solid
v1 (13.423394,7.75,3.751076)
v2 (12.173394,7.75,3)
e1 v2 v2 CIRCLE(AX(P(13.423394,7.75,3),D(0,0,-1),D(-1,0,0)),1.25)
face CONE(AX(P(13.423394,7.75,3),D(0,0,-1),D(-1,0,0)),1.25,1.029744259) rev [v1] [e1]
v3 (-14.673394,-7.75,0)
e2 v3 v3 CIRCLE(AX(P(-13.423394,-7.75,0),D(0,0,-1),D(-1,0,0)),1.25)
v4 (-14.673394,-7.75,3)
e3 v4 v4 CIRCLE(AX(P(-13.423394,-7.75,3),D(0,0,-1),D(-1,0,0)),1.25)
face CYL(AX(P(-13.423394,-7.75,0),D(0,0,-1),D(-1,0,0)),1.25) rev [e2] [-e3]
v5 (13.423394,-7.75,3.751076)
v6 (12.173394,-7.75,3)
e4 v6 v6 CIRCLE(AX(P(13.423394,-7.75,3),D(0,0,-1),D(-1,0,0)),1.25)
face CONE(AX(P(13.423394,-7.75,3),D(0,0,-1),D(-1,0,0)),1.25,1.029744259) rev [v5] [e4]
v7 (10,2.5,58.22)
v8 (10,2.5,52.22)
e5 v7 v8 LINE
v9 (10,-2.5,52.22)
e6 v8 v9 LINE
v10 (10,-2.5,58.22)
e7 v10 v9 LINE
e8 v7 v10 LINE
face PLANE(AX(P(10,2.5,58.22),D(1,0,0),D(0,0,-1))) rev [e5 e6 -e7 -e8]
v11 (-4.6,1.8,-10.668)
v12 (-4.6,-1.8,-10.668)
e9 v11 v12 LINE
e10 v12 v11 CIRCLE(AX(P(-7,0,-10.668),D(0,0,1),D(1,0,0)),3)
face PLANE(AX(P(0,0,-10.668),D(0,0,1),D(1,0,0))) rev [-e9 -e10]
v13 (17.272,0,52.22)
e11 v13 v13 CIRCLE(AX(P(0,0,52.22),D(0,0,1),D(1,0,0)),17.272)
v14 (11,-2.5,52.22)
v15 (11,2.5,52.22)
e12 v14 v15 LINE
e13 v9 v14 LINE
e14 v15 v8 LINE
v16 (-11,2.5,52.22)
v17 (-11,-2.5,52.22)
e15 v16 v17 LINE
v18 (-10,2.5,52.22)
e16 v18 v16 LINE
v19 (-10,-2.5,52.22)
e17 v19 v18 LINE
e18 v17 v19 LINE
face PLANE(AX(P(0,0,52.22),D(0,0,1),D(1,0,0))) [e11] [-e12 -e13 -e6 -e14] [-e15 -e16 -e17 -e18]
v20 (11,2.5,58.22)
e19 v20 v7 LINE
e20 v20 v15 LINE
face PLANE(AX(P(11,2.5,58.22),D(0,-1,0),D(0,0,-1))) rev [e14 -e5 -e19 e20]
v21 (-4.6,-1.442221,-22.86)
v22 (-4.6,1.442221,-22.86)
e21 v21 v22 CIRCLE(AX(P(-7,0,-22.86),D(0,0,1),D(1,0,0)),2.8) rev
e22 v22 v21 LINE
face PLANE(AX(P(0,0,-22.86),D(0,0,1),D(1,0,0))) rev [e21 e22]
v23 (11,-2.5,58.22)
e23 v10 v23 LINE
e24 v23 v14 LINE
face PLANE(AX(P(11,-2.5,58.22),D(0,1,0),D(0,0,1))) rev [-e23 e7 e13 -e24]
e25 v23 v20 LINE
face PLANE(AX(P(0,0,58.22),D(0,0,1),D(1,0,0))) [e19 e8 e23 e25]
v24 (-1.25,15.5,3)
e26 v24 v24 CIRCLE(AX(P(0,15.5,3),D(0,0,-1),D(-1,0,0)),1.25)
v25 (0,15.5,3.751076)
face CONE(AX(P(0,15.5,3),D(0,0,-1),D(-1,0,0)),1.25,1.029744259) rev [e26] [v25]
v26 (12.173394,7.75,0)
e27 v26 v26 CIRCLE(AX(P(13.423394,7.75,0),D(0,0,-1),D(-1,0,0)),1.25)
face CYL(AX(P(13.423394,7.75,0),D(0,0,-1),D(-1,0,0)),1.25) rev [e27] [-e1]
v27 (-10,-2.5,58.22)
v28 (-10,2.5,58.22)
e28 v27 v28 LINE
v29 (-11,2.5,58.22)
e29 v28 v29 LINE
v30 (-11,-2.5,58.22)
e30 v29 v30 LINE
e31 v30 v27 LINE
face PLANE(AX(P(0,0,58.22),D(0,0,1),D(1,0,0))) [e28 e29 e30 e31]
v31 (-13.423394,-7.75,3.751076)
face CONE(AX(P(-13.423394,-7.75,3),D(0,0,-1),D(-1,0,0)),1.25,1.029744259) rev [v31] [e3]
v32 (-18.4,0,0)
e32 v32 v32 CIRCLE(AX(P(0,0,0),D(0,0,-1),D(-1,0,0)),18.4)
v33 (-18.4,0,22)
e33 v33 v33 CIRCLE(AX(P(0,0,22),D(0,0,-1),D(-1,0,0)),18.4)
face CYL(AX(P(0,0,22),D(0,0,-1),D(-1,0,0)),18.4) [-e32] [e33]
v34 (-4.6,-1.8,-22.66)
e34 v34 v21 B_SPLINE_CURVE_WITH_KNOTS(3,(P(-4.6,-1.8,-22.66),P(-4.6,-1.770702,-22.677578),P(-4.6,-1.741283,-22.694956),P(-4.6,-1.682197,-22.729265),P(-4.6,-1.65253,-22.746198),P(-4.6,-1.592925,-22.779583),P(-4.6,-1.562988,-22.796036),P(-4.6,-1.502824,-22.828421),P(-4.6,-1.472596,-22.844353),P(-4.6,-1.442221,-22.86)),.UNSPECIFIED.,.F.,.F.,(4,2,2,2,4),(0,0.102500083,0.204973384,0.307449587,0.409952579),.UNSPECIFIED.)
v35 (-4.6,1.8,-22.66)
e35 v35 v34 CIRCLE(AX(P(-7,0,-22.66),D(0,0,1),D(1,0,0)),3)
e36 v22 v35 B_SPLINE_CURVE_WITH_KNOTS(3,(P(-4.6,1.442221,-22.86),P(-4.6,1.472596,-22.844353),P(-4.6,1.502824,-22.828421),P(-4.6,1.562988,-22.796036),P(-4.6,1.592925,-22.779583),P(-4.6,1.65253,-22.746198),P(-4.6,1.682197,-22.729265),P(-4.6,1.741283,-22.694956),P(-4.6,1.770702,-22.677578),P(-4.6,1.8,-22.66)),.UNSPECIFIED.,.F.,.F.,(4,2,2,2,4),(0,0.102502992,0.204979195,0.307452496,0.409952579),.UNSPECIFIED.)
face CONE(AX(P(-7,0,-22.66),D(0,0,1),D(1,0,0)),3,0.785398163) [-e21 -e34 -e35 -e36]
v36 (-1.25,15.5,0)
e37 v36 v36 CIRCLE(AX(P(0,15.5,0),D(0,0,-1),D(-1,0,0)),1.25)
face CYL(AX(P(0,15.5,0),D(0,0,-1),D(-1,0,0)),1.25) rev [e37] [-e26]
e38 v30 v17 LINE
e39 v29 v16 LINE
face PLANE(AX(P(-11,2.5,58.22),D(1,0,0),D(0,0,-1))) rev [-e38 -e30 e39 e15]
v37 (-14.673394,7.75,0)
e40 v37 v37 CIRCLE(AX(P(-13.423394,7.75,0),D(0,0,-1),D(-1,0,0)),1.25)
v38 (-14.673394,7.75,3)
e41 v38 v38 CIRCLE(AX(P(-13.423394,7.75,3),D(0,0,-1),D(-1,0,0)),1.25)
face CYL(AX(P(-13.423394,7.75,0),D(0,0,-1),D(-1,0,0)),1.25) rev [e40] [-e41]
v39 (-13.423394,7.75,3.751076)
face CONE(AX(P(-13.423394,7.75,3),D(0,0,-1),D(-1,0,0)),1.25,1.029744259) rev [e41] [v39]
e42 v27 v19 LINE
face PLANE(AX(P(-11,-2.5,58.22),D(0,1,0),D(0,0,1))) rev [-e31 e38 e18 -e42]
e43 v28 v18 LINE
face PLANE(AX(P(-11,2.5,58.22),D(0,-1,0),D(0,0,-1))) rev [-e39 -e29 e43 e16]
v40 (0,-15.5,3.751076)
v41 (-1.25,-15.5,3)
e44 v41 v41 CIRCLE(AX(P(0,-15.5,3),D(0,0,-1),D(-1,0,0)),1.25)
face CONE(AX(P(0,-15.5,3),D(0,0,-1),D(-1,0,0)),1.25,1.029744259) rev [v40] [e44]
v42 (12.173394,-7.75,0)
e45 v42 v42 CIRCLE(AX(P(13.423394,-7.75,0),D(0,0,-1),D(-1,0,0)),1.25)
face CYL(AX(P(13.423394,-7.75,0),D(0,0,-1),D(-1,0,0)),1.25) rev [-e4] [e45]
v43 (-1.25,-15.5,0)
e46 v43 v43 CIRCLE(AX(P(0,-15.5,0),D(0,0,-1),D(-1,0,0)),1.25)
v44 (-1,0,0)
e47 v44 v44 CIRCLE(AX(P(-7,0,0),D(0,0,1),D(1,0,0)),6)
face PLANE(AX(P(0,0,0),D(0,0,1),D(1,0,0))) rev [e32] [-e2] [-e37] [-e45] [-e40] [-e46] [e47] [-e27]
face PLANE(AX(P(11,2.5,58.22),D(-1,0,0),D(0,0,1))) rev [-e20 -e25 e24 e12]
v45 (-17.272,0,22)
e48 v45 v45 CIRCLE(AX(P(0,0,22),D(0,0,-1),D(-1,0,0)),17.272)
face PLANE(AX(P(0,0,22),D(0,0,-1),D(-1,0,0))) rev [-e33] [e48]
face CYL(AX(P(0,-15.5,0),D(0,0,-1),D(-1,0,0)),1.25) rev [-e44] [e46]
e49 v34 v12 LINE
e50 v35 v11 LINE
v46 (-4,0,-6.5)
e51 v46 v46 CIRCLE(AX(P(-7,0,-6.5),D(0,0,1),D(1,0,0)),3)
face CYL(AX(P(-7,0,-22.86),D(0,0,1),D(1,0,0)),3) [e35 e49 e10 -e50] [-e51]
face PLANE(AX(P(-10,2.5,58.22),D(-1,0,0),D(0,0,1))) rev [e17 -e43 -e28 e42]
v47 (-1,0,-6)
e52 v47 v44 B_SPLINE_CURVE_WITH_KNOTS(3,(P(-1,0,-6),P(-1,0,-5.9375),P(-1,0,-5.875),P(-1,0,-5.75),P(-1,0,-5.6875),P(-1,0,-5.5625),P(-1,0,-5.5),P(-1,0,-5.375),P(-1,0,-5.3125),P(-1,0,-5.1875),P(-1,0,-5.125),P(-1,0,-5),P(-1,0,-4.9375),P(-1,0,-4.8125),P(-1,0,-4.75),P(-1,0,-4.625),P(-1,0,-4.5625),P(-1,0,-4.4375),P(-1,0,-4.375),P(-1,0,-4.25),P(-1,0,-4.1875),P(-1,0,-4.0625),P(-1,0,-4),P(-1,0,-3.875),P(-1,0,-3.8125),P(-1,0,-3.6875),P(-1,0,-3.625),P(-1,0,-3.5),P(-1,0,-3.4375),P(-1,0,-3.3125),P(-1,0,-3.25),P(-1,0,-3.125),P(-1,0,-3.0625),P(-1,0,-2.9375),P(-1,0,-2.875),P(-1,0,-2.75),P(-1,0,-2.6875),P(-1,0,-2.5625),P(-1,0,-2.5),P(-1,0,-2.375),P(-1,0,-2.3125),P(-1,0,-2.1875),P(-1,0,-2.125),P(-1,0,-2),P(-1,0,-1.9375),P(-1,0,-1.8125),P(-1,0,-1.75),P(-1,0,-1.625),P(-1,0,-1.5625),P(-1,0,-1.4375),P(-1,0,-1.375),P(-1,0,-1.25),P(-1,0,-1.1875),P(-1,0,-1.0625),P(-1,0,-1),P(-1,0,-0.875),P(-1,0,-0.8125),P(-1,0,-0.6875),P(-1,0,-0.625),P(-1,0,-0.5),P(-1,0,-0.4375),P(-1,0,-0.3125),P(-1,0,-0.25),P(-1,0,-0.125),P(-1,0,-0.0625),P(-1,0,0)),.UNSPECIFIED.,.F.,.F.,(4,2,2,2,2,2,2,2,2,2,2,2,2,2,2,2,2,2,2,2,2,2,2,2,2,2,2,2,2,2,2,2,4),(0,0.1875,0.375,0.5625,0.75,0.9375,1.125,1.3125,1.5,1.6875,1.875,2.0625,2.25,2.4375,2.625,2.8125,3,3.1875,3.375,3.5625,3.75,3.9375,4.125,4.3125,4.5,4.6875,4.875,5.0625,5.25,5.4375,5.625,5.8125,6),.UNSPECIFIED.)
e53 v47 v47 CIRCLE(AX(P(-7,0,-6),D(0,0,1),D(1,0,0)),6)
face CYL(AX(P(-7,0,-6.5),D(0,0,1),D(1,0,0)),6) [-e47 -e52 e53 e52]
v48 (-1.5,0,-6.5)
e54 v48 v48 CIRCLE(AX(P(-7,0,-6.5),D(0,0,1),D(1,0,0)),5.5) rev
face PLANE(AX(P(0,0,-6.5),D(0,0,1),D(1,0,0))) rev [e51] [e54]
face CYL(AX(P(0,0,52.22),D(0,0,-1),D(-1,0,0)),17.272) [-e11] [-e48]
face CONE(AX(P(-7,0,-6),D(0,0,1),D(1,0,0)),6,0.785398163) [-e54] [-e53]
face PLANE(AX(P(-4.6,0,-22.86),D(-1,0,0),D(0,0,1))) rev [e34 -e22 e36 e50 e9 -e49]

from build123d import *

# Parameters (mm, degrees)
SKETCH1_R                   = 17.272
BOSS_EXTRUDE1_DEPTH         = 52.22
SKETCH1_3_R                 = 6
BOSS_EXTRUDE2_DEPTH         = 6.5
BOSS_EXTRUDE3_DEPTH         = 22.86
BOSS_EXTRUDE4_DEPTH         = 10.668
SKETCH2_W                   = 1
SKETCH2_H                   = 5
BOSS_EXTRUDE5_DEPTH         = 6
SKETCH4_R                   = 18.4
BOSS_EXTRUDE6_DEPTH         = 22
TAP_DRILL_FOR_M3_TAP1_D     = 2.5
TAP_DRILL_FOR_M3_TAP1_DEPTH = 3
TAP_DRILL_FOR_M3_TAP1_TIP   = 0.751075774
CHAMFER1_SIZE               = 0.2
CHAMFER2_SIZE               = 0.5


with BuildPart() as part:
    # Sketch1 → Boss-Extrude1 (new body)
    with BuildSketch(Plane.XY):
        Circle(SKETCH1_R)
    extrude(amount=BOSS_EXTRUDE1_DEPTH)

    # Sketch1<3> → Boss-Extrude2 (add)
    with BuildSketch(Plane.XY):
        with Locations((-7, 0)):
            Circle(SKETCH1_3_R)
    extrude(amount=-BOSS_EXTRUDE2_DEPTH)

    # Sketch1<4> → Boss-Extrude3 (add)
    with BuildSketch(Plane.XY):
        with BuildLine():
            Line((-4.6, -1.8), (-4.6, 1.8))
            ThreePointArc((-4.6, 1.8), (-10, 0), (-4.6, -1.8))
        make_face()
    extrude(amount=-BOSS_EXTRUDE3_DEPTH)

    # Sketch1<5> → Boss-Extrude4 (add)
    with BuildSketch(Plane.XY):
        with BuildLine():
            ThreePointArc((-4.6, -1.8), (-4, 0), (-4.6, 1.8))
            Line((-4.6, 1.8), (-4.6, -1.8))
        make_face()
    extrude(amount=-BOSS_EXTRUDE4_DEPTH)

    # Sketch2 → Boss-Extrude5 (add)
    with BuildSketch(Plane.XY.offset(52.22)):
        with Locations((-10.5, 0)):
            Rectangle(SKETCH2_W, SKETCH2_H)
        with Locations((10.5, 0)):
            Rectangle(SKETCH2_W, SKETCH2_H)
    extrude(amount=BOSS_EXTRUDE5_DEPTH)

    # Sketch4 → Boss-Extrude6 (add)
    with BuildSketch(Plane(origin=(0, 0, 0), x_dir=(-1, 0, 0), z_dir=(0, 0, -1))):
        Circle(SKETCH4_R)
    extrude(amount=-BOSS_EXTRUDE6_DEPTH)

    # Tap Drill for M3 Tap1
    with Locations(Plane(origin=(0, 0, 0), x_dir=(-1, 0, 0), z_dir=(0, 0, -1))):
        with Locations((-13.423393759, -7.75), (0, -15.5), (0, 15.5), (13.423393759, 7.75), (13.423393759, -7.75), (-13.423393759, 7.75)):
            Hole(TAP_DRILL_FOR_M3_TAP1_D / 2, depth=TAP_DRILL_FOR_M3_TAP1_DEPTH)
            with Locations((0, 0, -(TAP_DRILL_FOR_M3_TAP1_DEPTH + TAP_DRILL_FOR_M3_TAP1_TIP / 2))):  # 118° drill point
                Cone(0, TAP_DRILL_FOR_M3_TAP1_D / 2, TAP_DRILL_FOR_M3_TAP1_TIP, mode=Mode.SUBTRACT)

    # Chamfer1
    chamfer1_edges = [part.edges().sort_by_distance(p)[0] for p in [
        (-10, 0, -22.86),
    ]]
    chamfer(chamfer1_edges, length=CHAMFER1_SIZE)

    # Chamfer2
    chamfer2_edges = [part.edges().sort_by_distance(p)[0] for p in [
        (-13, 0, -6.5),
    ]]
    chamfer(chamfer2_edges, length=CHAMFER2_SIZE)


solid = part.part
